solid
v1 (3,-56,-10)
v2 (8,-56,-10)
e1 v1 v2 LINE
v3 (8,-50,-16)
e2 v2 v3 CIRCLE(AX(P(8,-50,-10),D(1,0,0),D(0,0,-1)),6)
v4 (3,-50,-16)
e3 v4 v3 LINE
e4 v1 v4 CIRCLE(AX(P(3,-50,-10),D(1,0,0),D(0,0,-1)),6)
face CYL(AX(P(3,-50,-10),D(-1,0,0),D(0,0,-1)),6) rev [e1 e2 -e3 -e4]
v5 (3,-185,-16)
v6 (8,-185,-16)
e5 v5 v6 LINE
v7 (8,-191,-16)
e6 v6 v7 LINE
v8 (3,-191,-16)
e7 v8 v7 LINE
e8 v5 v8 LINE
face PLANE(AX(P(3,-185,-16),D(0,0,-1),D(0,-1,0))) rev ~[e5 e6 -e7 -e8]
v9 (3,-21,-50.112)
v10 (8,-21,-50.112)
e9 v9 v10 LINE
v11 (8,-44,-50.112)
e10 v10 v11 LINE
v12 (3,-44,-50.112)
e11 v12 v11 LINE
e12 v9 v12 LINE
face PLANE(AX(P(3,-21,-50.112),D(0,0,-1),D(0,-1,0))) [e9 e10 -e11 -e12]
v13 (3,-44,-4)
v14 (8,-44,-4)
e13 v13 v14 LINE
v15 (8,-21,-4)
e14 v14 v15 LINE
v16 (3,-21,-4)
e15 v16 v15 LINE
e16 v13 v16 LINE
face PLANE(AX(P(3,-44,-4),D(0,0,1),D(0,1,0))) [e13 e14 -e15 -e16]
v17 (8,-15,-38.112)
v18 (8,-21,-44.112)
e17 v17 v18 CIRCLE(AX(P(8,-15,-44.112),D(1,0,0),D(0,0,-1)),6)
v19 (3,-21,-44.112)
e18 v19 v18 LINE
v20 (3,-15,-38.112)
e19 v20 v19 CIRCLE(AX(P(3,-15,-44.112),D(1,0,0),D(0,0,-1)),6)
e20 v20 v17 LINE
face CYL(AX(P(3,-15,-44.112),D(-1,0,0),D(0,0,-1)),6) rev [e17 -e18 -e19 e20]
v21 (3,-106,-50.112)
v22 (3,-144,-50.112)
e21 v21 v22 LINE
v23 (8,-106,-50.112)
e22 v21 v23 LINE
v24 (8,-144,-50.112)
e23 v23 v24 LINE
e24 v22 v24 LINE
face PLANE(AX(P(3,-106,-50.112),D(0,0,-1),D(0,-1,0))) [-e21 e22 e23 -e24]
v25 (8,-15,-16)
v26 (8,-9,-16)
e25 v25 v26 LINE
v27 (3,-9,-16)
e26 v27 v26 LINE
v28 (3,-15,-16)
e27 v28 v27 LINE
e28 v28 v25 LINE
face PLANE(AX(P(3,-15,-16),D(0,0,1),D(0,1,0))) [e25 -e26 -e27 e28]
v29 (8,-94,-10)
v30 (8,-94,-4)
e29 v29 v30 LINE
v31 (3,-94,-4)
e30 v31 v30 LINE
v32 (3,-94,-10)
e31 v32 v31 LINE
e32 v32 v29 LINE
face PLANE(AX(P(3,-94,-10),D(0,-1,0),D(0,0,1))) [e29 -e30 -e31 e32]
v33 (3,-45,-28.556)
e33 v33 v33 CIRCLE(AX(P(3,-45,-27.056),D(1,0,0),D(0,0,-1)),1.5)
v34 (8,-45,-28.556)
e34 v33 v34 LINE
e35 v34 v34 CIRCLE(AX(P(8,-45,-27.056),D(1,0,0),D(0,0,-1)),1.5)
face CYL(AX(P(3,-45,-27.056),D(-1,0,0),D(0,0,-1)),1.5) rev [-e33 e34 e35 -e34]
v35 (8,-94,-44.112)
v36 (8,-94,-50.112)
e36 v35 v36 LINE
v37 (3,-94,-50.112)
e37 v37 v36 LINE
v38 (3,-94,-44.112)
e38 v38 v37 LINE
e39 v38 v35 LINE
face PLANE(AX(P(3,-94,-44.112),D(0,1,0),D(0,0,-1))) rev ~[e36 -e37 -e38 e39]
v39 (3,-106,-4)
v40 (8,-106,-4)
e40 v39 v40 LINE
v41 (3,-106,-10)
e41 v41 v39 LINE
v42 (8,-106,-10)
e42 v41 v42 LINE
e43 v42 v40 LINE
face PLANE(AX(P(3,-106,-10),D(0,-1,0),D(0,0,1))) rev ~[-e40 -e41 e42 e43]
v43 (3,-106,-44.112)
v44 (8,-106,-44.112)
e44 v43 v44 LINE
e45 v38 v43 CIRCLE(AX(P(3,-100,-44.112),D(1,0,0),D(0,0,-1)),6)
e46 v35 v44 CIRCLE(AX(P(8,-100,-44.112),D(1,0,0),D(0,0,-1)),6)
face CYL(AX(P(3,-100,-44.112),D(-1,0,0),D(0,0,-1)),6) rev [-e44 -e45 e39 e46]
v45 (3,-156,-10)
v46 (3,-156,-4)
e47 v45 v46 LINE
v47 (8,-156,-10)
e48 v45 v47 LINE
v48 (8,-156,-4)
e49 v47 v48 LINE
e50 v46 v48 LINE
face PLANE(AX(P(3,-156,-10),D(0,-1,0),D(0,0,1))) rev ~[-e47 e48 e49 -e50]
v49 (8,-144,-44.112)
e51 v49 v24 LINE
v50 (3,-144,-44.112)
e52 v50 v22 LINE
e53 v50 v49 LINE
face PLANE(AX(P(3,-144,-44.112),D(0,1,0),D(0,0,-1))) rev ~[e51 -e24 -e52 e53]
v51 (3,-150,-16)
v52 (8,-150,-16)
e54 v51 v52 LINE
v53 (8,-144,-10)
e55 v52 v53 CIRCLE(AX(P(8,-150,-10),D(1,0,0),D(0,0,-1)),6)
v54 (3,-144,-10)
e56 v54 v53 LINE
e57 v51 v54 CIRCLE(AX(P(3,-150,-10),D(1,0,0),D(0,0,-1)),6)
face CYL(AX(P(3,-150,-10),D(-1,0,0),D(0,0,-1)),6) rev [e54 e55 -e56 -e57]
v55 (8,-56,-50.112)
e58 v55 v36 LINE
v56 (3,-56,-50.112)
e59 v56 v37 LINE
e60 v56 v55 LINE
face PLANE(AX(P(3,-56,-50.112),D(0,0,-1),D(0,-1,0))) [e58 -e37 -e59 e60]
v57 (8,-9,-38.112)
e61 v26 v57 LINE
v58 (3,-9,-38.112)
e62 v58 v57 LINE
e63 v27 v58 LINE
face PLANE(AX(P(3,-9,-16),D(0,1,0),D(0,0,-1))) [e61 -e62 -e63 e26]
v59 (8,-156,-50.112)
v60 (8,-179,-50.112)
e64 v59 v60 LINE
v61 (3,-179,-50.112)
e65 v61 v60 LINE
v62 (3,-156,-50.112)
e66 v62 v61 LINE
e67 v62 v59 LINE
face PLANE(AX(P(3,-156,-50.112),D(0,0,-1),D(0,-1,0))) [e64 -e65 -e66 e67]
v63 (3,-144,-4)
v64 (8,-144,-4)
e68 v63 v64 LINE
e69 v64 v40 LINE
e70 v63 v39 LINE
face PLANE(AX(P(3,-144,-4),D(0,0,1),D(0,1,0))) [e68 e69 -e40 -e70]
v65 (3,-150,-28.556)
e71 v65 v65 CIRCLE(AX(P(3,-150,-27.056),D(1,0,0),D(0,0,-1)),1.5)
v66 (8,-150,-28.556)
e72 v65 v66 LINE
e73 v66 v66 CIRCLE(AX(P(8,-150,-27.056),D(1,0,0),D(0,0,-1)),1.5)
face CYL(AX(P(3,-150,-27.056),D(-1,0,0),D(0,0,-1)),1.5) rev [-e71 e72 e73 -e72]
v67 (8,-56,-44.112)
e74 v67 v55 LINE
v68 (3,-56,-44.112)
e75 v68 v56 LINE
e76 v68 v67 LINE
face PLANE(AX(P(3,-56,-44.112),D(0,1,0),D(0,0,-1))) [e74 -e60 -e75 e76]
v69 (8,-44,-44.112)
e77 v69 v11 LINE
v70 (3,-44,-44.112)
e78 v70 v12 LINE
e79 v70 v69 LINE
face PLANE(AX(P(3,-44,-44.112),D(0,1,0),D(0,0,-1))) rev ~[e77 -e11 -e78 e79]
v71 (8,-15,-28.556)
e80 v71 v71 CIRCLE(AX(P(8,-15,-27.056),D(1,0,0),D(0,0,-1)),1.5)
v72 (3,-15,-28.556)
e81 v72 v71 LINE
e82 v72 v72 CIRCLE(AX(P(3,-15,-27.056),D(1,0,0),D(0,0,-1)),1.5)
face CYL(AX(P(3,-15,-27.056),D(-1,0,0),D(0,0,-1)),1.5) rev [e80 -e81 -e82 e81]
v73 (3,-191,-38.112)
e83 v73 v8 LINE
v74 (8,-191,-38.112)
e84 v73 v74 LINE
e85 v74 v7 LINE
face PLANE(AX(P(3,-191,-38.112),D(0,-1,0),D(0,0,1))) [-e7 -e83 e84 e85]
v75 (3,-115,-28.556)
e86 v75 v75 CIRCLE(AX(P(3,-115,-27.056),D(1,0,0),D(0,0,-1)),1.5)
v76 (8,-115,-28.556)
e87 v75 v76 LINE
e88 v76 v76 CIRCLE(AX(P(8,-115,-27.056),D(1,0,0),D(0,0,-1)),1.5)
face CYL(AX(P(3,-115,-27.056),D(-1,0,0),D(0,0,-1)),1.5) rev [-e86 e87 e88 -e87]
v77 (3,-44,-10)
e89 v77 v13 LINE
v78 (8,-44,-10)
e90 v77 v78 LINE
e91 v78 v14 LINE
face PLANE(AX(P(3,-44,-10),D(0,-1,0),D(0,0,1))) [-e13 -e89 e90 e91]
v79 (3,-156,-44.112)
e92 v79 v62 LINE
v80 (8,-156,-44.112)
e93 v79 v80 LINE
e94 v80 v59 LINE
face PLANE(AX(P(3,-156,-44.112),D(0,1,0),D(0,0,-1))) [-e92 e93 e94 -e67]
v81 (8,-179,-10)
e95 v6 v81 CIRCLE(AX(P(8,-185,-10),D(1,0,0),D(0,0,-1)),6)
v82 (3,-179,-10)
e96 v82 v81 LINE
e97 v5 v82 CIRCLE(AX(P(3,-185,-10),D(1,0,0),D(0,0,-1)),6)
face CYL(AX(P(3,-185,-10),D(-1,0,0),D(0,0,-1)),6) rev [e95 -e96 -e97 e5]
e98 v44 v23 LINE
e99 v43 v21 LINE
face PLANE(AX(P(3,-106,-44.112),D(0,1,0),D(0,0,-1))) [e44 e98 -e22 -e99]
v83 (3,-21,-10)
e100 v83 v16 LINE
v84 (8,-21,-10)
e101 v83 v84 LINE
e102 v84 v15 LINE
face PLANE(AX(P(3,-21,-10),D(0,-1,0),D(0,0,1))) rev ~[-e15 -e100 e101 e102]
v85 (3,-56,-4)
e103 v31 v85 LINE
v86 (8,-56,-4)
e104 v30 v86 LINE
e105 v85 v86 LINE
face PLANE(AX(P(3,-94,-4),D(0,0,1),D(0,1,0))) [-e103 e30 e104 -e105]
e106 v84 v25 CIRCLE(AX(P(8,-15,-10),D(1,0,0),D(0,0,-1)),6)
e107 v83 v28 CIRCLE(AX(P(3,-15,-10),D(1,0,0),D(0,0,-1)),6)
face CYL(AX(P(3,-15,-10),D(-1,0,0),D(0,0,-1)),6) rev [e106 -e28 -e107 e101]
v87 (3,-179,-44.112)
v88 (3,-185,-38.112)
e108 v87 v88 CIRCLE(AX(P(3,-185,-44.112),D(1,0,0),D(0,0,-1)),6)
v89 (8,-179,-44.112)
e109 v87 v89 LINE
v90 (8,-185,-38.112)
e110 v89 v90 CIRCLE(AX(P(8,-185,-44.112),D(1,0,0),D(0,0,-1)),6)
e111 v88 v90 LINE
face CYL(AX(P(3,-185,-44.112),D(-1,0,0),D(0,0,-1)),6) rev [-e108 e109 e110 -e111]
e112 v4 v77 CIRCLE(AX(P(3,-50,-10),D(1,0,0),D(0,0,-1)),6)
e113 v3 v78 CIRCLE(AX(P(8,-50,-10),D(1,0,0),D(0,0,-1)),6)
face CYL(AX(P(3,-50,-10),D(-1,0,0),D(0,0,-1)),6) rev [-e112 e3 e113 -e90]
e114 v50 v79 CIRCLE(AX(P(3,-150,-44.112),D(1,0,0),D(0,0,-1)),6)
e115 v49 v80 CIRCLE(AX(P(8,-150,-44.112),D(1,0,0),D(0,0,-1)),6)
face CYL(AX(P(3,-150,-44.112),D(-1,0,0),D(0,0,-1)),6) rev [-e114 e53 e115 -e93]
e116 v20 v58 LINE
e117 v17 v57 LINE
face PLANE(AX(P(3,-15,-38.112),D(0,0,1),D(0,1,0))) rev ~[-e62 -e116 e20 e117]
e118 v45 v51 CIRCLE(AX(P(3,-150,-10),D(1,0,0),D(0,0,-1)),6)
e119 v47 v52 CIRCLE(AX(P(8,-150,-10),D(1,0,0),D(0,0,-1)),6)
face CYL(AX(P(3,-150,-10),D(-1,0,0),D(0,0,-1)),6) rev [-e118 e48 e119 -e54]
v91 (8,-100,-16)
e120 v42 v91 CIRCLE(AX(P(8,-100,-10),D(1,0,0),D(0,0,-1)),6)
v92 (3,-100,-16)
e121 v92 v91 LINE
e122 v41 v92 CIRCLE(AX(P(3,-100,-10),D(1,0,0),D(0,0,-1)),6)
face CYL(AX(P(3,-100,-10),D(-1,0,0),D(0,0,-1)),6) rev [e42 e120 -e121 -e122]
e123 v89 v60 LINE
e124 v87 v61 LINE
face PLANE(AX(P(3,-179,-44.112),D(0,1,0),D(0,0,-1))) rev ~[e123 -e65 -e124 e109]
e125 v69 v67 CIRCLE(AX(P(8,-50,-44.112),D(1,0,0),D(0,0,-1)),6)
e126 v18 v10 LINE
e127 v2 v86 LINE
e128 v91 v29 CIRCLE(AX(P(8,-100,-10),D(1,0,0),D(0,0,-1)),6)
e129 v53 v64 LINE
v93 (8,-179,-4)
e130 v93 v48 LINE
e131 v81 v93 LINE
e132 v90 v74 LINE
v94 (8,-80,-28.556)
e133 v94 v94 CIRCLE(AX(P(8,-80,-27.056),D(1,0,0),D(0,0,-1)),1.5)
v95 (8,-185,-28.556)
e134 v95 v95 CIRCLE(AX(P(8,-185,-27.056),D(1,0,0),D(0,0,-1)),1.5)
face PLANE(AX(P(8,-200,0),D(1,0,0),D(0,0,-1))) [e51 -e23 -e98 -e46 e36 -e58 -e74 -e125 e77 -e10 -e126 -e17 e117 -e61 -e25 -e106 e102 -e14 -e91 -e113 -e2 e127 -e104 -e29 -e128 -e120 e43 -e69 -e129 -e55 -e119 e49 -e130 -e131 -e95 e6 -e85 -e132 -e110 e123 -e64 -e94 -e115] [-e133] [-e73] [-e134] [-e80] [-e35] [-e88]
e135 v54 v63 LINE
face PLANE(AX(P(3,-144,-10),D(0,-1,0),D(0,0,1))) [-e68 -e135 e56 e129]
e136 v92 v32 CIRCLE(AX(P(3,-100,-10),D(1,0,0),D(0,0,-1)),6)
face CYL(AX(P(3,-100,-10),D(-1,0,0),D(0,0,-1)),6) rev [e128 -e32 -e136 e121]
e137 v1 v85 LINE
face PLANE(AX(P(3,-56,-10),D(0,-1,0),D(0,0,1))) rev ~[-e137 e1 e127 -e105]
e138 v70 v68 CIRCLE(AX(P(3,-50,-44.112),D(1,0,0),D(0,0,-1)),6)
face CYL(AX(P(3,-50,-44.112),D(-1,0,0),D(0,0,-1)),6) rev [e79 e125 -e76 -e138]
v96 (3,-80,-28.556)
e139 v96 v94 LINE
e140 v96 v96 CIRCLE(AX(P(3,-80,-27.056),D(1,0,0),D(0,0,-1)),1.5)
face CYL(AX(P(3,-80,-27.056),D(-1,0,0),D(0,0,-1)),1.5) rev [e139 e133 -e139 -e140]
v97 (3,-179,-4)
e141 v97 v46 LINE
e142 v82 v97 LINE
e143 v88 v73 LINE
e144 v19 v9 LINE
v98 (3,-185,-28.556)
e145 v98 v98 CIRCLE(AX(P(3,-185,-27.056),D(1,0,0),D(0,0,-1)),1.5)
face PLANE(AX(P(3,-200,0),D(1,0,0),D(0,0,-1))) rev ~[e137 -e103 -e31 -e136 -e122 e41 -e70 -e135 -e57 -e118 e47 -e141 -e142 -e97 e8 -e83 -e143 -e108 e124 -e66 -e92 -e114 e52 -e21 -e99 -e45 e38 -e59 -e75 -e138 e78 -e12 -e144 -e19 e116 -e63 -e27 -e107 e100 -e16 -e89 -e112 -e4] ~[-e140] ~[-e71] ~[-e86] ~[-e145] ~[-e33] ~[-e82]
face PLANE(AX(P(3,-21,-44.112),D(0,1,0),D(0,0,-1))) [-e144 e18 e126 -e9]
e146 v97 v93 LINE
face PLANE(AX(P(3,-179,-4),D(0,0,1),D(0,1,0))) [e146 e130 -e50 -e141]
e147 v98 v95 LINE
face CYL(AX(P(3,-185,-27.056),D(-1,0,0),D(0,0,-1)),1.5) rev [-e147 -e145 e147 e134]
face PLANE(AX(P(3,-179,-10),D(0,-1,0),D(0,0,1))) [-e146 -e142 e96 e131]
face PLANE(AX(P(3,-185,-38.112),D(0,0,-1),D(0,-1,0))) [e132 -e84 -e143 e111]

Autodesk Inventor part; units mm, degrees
ref_plane "YZ Plane" through (0, 0, 0) normal (1, 0, 0) x (0, 1, 0)
ref_plane "XZ Plane" through (0, 0, 0) normal (0, 1, 0) x (-1, 0, 0)
ref_plane "Work Plane2" through (3, -200, 0) normal (1, 0, 0) x (0, 0, -1)
sketch "Sketch1" plane through (3, -200, 0) normal (1, 0, 0) x (0, 0, -1)
  circle A0 centre (10, 15) radius 2.5 projected
  circle A1 centre (10, 15) radius 6
  circle A2 centre (44.112, 15) radius 2.5 projected
  circle A3 centre (44.112, 15) radius 6
  circle A4 centre (44.112, 50) radius 2.5 projected
  circle A5 centre (44.112, 50) radius 6
  circle A6 centre (10, 50) radius 2.5 projected
  circle A7 centre (10, 50) radius 6
  circle A8 centre (10, 100) radius 2.5 projected
  circle A9 centre (10, 100) radius 6
  circle A10 centre (44.112, 100) radius 2.5 projected
  circle A11 centre (44.112, 100) radius 6
  circle A12 centre (10, 150) radius 2.5 projected
  circle A13 centre (10, 150) radius 6
  circle A14 centre (44.112, 150) radius 2.5 projected
  circle A15 centre (44.112, 150) radius 6
  circle A16 centre (10, 185) radius 2.5 projected
  circle A17 centre (10, 185) radius 6
  circle A18 centre (44.112, 185) radius 2.5 projected
  circle A19 centre (44.112, 185) radius 6
  circle A20 centre (27.056, 185) radius 1.5 projected
  circle A21 centre (27.056, 185) radius 1.5
  circle A22 centre (27.056, 155) radius 1.5 projected
  circle A23 centre (27.056, 155) radius 1.5
  circle A24 centre (27.056, 120) radius 1.5 projected
  circle A25 centre (27.056, 120) radius 1.5
  circle A26 centre (27.056, 85) radius 1.5 projected
  circle A27 centre (27.056, 85) radius 1.5
  circle A28 centre (27.056, 50) radius 1.5 projected
  circle A29 centre (27.056, 50) radius 1.5
  circle A30 centre (27.056, 15) radius 1.5 projected
  circle A31 centre (27.056, 15) radius 1.5
  line L0 (44.112, 9) -> (50.112, 9)
  line L1 (10, 9) -> (4, 9)
  line L2 (10, 191) -> (4, 191)
  line L3 (44.112, 191) -> (50.112, 191)
  line L4 (4, 191) -> (50.112, 191)
  line L5 (50.112, 191) -> (50.112, 9)
  line L6 (50.112, 9) -> (4, 9)
  line L7 (4, 9) -> (4, 191)
  line L8 (10, 56) -> (4, 56)
  line L9 (10, 44) -> (4, 44)
  line L10 (44.112, 56) -> (50.112, 56)
  line L11 (44.112, 44) -> (50.112, 44)
  line L12 (44.112, 21) -> (50.112, 21)
  line L13 (10, 21) -> (4, 21)
  line L14 (10, 94) -> (4, 94)
  line L15 (10, 106) -> (4, 106)
  line L16 (10, 144) -> (4, 144)
  line L17 (10, 156) -> (4, 156)
  line L18 (44.112, 156) -> (50.112, 156)
  line L19 (44.112, 144) -> (50.112, 144)
  line L20 (44.112, 179) -> (50.112, 179)
  line L21 (10, 179) -> (4, 179)
  line L22 (16, 185) -> (16, 191)
  line L23 (38.112, 185) -> (38.112, 191)
  line L24 (16, 15) -> (16, 9)
  line L25 (38.112, 15) -> (38.112, 9)
  line L26 (44.112, 106) -> (50.112, 106)
  line L27 (44.112, 94) -> (50.112, 94)
  point P0 (0, 200)
  point P1 (50.112, 100)
  dimension "d1" = 12
  dimension "d2" = 12
  dimension "d3" = 12
  dimension "d4" = 12
  dimension "d5" = 12
  dimension "d6" = 12
  dimension "d7" = 12
  dimension "d8" = 12
  dimension "d9" = 12
  dimension "d10" = 12
extrude "Extrusion1" add sketch "Sketch1" along normal blind 5 contours A1 L13 L7 L9 A7 L8 L14 A9 L15 L16 A13 L17 L21 A17 L22 L4 L23 A19 L20 L5 L18 A15 L19 L26 A11 L27 L10 A5 L11 L12 A3 L25 L6 L24
equation "\"BendRadius\" = Thickness"
equation "\"BendReliefWidth\" = Thickness"
equation "\"BendReliefDepth\" = 0.5 * Thickness"
equation "\"CornerReliefSize\" = 4 * Thickness"
equation "\"MinimumRemnant\" = 2 * Thickness"
equation "\"TransitionRadius\" = BendRadius"
equation "\"JacobiRadiusSize\" = BendRadius"
equation "\"GapSize\" = Thickness"
equation "\"Thickness\" = 0.5"
properties part number "linrail_screw_spacer" material "PET Plastic"
